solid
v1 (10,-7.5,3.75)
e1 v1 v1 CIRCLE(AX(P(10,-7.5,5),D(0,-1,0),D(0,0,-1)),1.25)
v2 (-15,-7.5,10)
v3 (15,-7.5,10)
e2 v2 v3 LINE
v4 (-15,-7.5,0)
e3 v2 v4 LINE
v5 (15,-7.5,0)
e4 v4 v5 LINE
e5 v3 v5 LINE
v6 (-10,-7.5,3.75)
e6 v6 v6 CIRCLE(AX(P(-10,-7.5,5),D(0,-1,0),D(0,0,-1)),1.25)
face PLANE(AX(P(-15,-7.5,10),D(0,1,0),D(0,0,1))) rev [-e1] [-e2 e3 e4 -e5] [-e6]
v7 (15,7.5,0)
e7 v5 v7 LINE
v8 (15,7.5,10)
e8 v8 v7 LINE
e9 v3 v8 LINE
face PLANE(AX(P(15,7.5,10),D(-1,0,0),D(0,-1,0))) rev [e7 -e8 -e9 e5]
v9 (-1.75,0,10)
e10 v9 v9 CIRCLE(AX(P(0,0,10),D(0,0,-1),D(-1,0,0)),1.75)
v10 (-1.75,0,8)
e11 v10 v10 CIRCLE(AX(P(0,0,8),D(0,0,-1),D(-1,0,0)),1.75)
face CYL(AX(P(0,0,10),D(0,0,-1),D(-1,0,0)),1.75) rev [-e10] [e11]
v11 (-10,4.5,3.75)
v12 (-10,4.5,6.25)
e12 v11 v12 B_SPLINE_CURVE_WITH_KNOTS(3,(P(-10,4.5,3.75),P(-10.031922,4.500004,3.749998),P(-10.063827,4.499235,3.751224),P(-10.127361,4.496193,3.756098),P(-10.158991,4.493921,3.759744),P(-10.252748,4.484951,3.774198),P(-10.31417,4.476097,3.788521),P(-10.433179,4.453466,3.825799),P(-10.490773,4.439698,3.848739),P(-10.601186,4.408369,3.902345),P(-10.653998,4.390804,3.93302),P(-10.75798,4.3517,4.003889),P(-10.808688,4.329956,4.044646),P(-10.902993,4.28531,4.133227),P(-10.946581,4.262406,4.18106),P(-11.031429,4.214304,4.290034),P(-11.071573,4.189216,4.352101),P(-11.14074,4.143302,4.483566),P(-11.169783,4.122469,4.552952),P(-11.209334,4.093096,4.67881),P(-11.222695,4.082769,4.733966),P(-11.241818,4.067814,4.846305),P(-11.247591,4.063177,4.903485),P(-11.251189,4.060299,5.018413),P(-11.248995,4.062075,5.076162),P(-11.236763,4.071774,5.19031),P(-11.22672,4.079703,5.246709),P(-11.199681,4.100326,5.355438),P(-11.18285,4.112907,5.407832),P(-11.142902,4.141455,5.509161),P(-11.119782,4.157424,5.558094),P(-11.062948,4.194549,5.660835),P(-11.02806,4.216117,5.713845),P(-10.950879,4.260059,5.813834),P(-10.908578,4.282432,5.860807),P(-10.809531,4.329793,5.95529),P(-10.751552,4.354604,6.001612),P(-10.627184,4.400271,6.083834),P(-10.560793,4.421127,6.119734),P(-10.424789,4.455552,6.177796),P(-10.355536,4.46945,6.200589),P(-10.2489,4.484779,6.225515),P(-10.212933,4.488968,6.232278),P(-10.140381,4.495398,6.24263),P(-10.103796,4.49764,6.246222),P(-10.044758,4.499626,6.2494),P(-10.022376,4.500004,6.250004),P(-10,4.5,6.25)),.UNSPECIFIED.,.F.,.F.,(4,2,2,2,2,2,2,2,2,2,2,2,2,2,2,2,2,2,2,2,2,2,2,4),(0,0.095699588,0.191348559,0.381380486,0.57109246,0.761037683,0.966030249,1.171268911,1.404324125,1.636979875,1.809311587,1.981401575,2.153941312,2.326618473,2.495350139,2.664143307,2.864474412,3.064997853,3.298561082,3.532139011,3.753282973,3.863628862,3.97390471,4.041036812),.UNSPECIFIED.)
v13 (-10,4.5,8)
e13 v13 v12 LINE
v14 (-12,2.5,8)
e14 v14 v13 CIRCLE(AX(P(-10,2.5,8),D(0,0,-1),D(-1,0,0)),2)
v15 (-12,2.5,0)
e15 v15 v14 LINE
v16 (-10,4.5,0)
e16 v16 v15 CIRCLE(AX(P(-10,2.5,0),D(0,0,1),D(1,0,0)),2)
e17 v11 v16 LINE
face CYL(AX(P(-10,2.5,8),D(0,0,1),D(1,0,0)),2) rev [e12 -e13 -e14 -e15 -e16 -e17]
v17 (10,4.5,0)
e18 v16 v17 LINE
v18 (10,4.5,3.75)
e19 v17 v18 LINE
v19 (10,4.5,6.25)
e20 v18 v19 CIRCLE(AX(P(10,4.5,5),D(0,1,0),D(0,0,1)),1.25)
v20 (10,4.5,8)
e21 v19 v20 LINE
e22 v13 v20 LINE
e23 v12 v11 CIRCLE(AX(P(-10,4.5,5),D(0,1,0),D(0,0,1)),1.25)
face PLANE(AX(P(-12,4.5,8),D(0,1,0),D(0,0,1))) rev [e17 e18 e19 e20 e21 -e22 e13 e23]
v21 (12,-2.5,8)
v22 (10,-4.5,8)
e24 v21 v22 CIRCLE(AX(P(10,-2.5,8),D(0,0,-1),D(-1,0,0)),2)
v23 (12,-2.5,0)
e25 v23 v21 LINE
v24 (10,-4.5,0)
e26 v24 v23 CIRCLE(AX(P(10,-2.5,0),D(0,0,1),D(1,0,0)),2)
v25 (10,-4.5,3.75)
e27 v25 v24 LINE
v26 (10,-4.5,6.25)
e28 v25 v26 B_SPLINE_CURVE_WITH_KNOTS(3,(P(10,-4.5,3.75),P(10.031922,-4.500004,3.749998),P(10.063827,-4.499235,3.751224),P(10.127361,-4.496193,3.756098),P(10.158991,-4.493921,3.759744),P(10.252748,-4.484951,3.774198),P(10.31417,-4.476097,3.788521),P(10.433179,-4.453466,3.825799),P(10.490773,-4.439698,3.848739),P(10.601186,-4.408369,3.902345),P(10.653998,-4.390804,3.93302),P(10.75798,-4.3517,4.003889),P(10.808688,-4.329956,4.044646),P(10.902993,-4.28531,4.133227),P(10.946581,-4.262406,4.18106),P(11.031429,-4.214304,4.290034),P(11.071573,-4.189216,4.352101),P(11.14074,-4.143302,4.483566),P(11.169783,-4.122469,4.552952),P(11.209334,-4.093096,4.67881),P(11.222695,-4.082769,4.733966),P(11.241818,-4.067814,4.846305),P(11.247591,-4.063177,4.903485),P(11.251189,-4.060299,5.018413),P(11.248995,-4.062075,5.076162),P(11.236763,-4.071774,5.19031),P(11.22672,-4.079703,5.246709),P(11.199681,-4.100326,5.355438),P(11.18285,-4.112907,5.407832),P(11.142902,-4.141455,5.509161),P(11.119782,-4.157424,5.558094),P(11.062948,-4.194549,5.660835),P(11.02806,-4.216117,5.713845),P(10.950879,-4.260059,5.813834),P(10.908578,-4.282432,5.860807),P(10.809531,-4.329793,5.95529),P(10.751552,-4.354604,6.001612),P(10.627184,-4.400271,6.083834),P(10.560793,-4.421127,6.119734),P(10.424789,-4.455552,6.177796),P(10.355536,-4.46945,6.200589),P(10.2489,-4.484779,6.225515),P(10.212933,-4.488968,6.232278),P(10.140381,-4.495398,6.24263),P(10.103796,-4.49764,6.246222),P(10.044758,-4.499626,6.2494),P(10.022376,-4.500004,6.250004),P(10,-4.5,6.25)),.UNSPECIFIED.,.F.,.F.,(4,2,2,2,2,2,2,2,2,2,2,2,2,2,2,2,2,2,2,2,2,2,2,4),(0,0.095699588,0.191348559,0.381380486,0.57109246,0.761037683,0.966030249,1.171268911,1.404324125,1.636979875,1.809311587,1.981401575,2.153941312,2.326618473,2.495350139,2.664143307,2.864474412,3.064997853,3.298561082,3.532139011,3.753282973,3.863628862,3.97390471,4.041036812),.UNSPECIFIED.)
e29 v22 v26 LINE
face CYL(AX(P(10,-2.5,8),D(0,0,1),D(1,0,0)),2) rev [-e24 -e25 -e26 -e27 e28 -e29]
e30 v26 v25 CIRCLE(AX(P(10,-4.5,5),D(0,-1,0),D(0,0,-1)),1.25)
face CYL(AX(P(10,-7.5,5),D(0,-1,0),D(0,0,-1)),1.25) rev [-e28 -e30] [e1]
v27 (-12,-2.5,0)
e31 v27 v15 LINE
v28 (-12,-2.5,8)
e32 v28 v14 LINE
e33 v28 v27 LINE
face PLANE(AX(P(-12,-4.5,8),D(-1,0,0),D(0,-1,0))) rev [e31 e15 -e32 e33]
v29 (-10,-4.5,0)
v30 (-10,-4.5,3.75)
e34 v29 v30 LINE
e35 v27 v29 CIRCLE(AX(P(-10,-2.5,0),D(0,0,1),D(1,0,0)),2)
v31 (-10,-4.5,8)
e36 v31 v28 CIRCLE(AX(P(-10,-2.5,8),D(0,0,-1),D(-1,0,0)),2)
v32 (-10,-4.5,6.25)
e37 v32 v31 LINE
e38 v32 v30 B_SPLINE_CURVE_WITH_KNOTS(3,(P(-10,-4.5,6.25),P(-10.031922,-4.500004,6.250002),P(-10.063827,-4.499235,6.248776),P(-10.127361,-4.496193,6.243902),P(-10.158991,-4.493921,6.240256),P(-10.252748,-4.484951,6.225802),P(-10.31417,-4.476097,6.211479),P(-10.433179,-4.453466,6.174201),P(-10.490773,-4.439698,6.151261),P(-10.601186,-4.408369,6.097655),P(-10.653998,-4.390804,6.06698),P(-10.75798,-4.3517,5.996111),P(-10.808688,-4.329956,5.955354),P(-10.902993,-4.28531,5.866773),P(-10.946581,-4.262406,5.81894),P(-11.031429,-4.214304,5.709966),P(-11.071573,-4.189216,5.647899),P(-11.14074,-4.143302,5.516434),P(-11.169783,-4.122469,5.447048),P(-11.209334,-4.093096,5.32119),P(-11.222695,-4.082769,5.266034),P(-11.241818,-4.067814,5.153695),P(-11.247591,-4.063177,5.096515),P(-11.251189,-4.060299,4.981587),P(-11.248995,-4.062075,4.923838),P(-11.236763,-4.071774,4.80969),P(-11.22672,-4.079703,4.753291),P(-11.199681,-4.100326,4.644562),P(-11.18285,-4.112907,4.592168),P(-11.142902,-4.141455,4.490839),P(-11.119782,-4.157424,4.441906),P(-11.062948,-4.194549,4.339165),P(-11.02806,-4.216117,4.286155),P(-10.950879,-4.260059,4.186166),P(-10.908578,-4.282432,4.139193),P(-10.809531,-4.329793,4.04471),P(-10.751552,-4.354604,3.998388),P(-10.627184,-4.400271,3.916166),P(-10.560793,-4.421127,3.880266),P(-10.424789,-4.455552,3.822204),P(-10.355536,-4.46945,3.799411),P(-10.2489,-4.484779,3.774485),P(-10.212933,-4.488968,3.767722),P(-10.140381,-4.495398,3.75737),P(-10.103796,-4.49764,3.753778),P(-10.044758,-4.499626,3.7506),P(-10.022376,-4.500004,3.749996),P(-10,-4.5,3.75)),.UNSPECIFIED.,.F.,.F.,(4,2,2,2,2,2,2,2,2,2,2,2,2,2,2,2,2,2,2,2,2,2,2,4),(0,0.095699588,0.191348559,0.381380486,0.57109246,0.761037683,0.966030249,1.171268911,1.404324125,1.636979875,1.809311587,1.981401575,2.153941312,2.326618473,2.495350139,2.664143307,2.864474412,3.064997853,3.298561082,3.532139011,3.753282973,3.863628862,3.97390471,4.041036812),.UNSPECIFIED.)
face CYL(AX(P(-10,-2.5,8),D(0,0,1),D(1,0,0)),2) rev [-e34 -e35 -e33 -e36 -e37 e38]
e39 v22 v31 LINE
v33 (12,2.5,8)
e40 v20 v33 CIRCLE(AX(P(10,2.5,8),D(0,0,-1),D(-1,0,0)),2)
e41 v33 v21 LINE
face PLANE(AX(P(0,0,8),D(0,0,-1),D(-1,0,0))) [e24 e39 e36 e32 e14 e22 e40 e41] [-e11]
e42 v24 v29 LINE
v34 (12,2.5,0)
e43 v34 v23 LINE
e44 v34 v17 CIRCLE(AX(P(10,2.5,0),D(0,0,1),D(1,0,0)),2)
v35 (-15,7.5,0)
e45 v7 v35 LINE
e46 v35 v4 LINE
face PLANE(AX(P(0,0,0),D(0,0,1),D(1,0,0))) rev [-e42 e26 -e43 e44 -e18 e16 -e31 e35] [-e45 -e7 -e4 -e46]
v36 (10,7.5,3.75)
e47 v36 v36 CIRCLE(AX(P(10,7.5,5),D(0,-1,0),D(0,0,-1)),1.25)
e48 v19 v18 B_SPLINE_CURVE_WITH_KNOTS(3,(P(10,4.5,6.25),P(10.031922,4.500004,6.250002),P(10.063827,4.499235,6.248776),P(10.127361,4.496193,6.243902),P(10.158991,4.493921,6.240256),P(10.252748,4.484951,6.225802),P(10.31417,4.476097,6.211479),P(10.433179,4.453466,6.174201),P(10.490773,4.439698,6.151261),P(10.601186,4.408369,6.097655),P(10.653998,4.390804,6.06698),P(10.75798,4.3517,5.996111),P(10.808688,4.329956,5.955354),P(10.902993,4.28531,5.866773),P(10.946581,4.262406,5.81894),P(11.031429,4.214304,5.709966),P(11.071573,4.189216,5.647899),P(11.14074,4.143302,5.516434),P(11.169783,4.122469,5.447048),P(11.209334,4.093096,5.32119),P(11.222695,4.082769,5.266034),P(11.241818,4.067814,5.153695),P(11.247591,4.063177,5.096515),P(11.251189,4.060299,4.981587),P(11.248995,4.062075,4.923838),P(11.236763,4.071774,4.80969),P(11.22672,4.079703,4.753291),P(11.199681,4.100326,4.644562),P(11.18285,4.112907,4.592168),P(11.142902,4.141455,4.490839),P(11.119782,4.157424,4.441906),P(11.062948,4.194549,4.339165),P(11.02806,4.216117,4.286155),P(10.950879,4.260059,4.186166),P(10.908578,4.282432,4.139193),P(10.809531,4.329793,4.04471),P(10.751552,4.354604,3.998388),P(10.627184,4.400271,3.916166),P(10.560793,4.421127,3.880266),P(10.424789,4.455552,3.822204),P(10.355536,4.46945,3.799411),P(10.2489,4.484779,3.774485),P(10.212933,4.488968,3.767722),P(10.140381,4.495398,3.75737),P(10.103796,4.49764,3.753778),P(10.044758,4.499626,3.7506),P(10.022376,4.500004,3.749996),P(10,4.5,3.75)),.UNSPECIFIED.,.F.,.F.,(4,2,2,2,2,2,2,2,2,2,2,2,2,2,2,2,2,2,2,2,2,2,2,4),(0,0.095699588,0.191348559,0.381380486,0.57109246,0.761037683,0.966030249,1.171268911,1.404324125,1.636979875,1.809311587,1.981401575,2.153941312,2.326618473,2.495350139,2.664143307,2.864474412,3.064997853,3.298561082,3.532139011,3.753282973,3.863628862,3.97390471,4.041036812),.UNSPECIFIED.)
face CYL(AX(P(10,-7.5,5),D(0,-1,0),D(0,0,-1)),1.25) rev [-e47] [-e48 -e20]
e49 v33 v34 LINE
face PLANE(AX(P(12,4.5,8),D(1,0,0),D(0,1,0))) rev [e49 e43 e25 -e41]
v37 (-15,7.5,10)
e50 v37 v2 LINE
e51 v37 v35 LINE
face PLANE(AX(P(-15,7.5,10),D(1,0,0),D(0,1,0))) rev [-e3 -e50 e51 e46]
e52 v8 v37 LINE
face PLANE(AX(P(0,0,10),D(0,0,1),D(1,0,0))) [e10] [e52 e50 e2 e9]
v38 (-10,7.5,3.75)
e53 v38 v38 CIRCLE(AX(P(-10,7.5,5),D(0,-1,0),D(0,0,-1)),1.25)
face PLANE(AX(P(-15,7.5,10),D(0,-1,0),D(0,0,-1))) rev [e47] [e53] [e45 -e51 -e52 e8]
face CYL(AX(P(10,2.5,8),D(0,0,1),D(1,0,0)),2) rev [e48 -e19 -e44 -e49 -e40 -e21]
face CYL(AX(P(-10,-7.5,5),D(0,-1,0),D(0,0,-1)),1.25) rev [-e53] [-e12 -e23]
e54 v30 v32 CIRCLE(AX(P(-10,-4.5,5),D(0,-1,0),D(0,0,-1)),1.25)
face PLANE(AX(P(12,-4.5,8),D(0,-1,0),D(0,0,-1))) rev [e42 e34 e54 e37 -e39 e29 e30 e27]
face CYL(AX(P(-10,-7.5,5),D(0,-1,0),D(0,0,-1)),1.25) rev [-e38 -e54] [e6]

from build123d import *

# Parameters (mm, degrees)
ESQUISSE1_W             = 30
ESQUISSE1_H             = 15
BOSS_EXTRU_1_DEPTH      = 10
ESQUISSE2_W             = 24
ESQUISSE2_H             = 9
ENL_V_MAT_EXTRU_1_DEPTH = 8
CONG_1_R                = 2
ESQUISSE3_R             = 1.75
ENL_V_MAT_EXTRU_2_DEPTH = 3
TROU_TARAUD_M31_D       = 2.5
TROU_TARAUD_M32_D       = 2.5


with BuildPart() as part:
    # Esquisse1 → Boss.-Extru.1 (new body)
    with BuildSketch(Plane.XY):
        Rectangle(ESQUISSE1_W, ESQUISSE1_H)
    extrude(amount=BOSS_EXTRU_1_DEPTH)

    # Esquisse2 → Enlèv. mat.-Extru.1 (cut)
    with BuildSketch(Plane(origin=(0, 0, 0), x_dir=(-1, 0, 0), z_dir=(0, 0, -1))):
        Rectangle(ESQUISSE2_W, ESQUISSE2_H)
    extrude(amount=-ENL_V_MAT_EXTRU_1_DEPTH, mode=Mode.SUBTRACT)

    # Congé1
    cong_1_edges = [part.edges().sort_by_distance(p)[0] for p in [
        (12, -4.5, 4),
        (12, 4.5, 4),
        (-12, 4.5, 4),
        (-12, -4.5, 4),
    ]]
    fillet(cong_1_edges, radius=CONG_1_R)

    # Esquisse3 → Enlèv. mat.-Extru.2 (cut, through all)
    with BuildSketch(Plane(origin=(0, 0, 8), x_dir=(-1, 0, 0), z_dir=(0, 0, -1))):
        Circle(ESQUISSE3_R)
    extrude(amount=-ENL_V_MAT_EXTRU_2_DEPTH, mode=Mode.SUBTRACT)

    # Trou taraudé M31 (through all)
    with Locations(Plane(origin=(0, -7.5, 0), x_dir=(-1, 0, 0), z_dir=(0, -1, 0))):
        with Locations((-10, -5)):
            Hole(TROU_TARAUD_M31_D / 2)

    # Trou taraudé M32 (through all)
    with Locations(Plane(origin=(0, -7.5, 0), x_dir=(-1, 0, 0), z_dir=(0, -1, 0))):
        with Locations((10, -5)):
            Hole(TROU_TARAUD_M32_D / 2)


solid = part.part
